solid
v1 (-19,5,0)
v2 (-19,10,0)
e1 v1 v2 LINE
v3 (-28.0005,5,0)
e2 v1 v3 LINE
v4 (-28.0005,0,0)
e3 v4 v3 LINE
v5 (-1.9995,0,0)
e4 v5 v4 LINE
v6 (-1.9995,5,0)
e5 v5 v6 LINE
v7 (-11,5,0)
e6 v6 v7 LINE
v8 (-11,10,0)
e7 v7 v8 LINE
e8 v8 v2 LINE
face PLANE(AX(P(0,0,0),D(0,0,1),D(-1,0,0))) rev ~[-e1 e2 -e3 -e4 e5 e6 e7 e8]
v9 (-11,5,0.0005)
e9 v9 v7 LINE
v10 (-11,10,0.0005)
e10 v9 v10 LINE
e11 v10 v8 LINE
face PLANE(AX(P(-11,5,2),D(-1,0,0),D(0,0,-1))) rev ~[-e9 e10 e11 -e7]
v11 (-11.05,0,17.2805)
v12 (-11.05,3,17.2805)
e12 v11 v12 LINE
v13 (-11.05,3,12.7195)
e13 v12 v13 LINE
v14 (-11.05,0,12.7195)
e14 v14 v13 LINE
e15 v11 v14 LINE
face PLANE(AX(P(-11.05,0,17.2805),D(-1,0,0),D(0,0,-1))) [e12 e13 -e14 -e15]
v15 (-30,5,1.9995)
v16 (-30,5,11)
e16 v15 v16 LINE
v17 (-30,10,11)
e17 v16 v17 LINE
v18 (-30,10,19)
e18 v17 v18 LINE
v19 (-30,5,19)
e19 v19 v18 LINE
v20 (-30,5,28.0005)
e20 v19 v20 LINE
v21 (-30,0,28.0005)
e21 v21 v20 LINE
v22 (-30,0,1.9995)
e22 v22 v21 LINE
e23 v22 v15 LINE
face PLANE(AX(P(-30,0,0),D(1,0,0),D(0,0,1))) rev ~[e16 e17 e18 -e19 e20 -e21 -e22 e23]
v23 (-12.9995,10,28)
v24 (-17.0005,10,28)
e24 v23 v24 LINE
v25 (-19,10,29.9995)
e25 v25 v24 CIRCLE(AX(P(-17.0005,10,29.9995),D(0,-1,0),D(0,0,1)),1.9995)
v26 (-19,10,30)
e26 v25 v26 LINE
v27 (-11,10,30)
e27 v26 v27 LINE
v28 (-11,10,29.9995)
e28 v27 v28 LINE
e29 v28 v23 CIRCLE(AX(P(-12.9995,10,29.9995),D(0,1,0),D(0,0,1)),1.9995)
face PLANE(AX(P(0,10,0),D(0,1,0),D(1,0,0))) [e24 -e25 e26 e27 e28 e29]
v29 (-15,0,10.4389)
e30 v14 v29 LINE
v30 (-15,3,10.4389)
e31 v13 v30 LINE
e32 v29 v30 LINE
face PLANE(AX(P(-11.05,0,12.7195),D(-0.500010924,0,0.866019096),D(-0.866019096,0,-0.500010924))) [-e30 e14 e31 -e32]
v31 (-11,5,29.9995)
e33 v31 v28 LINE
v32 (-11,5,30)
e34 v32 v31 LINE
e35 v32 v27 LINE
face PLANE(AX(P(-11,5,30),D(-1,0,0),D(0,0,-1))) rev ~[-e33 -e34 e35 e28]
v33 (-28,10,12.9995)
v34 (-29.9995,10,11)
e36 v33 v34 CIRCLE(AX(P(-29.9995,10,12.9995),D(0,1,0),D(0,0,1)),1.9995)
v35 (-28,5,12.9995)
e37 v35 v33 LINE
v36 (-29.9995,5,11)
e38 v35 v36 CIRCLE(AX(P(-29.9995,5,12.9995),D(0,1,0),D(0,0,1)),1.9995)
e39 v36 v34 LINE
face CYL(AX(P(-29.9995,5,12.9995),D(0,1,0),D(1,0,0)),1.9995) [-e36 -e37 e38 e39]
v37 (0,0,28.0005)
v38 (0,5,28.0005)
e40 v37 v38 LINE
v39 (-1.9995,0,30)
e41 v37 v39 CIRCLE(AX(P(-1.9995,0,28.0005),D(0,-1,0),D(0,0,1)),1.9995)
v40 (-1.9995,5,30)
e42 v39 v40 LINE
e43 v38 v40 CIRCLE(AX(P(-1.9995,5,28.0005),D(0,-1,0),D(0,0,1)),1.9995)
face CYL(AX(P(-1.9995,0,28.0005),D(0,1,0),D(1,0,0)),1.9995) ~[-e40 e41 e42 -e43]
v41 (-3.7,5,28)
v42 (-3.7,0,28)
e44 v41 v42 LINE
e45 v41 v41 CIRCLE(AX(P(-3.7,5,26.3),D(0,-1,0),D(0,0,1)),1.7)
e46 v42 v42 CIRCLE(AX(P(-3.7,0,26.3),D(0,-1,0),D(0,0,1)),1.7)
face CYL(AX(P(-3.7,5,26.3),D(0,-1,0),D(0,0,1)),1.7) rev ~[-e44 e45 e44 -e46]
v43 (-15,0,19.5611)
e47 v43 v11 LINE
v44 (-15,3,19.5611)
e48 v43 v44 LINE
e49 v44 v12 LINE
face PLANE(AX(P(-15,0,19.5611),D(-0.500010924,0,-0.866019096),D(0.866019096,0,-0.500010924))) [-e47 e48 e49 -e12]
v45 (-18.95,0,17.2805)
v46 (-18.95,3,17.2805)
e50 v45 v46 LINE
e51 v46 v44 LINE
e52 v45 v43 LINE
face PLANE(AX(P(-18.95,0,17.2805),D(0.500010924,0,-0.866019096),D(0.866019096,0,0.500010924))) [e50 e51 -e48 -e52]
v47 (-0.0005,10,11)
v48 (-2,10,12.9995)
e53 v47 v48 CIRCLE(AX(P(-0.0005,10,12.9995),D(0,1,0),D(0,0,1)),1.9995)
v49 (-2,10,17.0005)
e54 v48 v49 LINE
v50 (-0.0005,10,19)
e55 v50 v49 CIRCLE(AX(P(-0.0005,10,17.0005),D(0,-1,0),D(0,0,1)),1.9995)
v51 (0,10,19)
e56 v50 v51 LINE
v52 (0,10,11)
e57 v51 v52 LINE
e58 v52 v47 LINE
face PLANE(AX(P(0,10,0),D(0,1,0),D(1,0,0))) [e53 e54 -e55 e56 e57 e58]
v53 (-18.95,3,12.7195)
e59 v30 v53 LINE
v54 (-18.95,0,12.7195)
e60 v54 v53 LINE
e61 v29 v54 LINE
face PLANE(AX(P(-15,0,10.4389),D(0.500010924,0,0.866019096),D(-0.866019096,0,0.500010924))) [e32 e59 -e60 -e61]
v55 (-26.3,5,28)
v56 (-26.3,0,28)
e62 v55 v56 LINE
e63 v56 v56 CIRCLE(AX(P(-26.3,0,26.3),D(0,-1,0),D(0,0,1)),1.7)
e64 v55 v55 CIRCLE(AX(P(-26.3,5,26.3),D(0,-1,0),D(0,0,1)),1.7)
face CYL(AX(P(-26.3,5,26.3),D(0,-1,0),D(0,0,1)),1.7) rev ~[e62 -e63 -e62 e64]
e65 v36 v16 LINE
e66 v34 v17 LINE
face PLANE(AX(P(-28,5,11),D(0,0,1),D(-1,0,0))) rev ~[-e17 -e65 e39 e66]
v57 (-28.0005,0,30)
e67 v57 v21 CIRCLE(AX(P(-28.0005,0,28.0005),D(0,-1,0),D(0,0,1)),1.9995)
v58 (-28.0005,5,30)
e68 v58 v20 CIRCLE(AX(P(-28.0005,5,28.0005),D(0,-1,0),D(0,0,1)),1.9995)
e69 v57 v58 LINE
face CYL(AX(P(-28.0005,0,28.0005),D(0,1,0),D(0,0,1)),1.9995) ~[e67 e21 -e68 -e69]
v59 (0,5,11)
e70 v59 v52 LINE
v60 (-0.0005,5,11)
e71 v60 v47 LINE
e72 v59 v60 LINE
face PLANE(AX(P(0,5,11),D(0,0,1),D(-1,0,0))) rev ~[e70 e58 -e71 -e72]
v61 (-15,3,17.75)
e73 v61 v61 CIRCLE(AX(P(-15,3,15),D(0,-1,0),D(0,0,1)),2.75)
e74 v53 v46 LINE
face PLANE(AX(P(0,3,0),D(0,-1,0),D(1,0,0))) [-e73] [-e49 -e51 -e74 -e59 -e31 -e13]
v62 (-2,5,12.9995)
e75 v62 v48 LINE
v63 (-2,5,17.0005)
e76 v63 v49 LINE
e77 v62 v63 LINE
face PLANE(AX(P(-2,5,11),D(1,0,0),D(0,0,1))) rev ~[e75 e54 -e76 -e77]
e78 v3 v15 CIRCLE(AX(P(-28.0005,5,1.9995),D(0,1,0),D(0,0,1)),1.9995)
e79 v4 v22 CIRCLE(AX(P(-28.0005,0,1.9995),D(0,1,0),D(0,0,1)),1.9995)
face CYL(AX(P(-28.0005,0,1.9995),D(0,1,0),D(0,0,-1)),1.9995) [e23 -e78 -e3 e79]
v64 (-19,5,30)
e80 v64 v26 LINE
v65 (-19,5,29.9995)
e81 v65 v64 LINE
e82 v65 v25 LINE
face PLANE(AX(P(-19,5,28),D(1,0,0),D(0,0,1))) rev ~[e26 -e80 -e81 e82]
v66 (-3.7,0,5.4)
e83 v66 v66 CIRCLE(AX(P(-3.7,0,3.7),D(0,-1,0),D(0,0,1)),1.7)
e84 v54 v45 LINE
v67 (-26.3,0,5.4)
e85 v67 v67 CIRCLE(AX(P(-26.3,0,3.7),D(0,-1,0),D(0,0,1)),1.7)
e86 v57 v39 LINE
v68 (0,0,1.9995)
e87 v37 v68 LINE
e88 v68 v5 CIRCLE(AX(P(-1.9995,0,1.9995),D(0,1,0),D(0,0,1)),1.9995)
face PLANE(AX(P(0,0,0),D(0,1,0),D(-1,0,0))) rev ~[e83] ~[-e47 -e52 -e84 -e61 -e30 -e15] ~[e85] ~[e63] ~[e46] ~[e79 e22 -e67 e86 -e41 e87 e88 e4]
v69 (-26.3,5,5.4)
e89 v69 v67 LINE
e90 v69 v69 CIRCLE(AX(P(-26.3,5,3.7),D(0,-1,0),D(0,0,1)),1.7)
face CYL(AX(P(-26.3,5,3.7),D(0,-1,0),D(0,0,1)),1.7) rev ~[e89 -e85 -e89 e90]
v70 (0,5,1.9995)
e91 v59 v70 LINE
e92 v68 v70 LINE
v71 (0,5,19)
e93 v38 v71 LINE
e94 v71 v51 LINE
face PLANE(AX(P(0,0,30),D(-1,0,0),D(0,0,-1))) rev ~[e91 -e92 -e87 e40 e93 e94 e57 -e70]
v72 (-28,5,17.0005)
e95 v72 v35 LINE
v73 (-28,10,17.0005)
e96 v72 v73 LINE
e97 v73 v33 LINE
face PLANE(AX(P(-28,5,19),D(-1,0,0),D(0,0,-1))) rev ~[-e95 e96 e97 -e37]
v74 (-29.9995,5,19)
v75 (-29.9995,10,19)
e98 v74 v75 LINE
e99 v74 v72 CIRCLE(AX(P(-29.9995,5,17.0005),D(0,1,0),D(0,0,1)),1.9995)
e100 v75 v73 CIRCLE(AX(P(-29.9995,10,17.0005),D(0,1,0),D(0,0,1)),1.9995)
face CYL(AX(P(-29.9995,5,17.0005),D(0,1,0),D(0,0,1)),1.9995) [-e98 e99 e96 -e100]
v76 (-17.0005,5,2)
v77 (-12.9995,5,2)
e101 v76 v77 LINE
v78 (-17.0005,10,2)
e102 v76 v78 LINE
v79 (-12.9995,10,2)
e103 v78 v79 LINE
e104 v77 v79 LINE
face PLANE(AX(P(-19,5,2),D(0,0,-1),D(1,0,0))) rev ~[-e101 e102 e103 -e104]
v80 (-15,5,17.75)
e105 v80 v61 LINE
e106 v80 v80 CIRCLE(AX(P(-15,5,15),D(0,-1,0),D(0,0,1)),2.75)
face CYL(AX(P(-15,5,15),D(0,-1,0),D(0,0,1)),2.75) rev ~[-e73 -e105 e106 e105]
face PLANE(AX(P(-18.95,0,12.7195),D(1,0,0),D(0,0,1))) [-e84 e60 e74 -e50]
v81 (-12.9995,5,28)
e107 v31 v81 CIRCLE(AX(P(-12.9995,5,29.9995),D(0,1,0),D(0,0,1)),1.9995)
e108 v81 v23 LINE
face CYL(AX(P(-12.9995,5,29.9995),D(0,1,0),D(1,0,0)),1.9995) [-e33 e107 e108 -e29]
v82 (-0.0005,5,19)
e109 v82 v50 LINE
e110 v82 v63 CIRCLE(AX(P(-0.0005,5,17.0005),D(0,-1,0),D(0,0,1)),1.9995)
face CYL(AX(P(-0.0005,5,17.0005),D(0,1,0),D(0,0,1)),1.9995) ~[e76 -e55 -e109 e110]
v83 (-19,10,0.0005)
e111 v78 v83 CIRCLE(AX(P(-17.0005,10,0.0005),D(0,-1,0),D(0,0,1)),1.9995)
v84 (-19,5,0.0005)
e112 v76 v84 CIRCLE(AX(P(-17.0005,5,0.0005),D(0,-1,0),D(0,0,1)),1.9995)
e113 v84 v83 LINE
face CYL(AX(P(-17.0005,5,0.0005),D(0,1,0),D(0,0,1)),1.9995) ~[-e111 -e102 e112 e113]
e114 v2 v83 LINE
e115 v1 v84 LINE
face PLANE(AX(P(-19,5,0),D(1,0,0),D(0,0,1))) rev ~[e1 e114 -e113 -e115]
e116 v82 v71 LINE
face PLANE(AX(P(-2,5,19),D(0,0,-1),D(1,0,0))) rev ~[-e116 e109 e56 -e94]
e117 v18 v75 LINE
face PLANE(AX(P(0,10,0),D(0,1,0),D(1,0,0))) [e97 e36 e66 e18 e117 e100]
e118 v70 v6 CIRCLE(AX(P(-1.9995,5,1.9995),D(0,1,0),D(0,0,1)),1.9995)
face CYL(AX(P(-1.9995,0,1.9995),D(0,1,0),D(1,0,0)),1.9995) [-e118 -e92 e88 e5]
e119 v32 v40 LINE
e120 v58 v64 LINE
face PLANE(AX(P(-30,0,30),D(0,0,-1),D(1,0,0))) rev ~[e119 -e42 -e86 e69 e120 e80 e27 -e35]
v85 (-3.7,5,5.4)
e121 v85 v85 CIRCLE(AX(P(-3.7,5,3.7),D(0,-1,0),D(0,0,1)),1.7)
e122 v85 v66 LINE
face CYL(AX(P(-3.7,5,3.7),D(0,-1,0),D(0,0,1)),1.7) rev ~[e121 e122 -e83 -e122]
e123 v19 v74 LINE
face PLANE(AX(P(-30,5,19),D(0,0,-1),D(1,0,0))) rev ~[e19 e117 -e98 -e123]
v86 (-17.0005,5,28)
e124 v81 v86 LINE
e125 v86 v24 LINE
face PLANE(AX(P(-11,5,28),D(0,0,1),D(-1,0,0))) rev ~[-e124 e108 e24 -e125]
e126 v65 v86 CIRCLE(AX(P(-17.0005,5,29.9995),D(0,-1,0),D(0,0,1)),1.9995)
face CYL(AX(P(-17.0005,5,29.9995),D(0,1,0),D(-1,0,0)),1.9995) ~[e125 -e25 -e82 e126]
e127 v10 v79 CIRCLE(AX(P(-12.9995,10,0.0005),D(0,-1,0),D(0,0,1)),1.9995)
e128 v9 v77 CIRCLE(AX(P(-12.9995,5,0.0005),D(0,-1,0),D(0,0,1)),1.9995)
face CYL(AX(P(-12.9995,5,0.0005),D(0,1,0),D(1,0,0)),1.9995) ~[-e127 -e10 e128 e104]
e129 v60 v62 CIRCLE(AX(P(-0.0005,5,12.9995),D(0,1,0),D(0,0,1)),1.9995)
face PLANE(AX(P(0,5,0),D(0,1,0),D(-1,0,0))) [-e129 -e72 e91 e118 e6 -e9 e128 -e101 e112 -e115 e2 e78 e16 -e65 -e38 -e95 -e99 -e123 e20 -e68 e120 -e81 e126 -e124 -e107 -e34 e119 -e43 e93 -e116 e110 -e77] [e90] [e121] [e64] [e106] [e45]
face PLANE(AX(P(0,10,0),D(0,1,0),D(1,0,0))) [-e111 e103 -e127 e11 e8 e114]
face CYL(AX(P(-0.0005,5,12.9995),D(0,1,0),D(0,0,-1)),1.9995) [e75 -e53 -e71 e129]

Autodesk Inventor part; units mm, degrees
ref_plane "YZ Plane" through (0, 0, 0) normal (1, 0, 0) x (0, 1, 0)
ref_plane "XZ Plane" through (0, 0, 0) normal (0, 1, 0) x (-1, 0, 0)
ref_plane "XY Plane" through (0, 0, 0) normal (0, 0, 1) x (1, 0, 0)
sketch "Skizze1" plane through (0, 0, 0) normal (0, 1, 0) x (-1, 0, 0)
  line L0 (0, 0) -> (30, 0)
  line L1 (30, 0) -> (30, 30)
  line L2 (30, 30) -> (0, 30)
  line L3 (0, 30) -> (0, 0)
  dimension "d0" = 30
  dimension "d1" = 30
extrude "Extrusion1" add sketch "Skizze1" along normal blind 5
sketch "Skizze2" plane through (0, 5, 0) normal (0, 1, 0) x (1, 0, 0)
  line L0 (-30, -19) -> (-28, -19)
  line L1 (-28, -19) -> (-28, -11)
  line L2 (-28, -11) -> (-30, -11)
  line L3 (-30, -11) -> (-30, -19)
  line L4 (-19, -2) -> (-11, -2)
  line L5 (-11, -2) -> (-11, 0)
  line L6 (-11, 0) -> (-19, 0)
  line L7 (-19, 0) -> (-19, -2)
  line L8 (-2, -19) -> (0, -19)
  line L9 (0, -19) -> (0, -11)
  line L10 (0, -11) -> (-2, -11)
  line L11 (-2, -11) -> (-2, -19)
  line L12 (-19, -30) -> (-11, -30)
  line L13 (-11, -30) -> (-11, -28)
  line L14 (-11, -28) -> (-19, -28)
  line L15 (-19, -28) -> (-19, -30)
  line L16 (-30, 0) -> (-30, -30) projected
  line L17 (0, 0) -> (-30, 0) projected
  line L18 (0, -30) -> (0, 0) projected
  line L19 (-30, -30) -> (0, -30) projected
  dimension "d4" = 0
  dimension "d5" = 0
  dimension "d6" = 0
  dimension "d7" = 0
  dimension "d8" = 2
  dimension "d9" = 8
  dimension "d10" = 11
  dimension "d11" = 11
  dimension "d12" = 11
extrude "Extrusion2" add sketch "Skizze2" along normal blind 5 contours L3 L2 L1 L0 | L15 L14 L13 L12 | L6 L5 L4 L7 | L8 L11 L10 L9
sketch "Skizze3" plane through (0, 5, 0) normal (0, 1, 0) x (1, 0, 0)
  line L0 (0, -30) -> (0, -19) projected
  line L1 (-11, -30) -> (0, -30) projected
  line L2 (0, 0) -> (-11, 0) projected
  line L3 (0, -11) -> (0, 0) projected
  line L4 (-30, -19) -> (-30, -30) projected
  line L5 (-30, -30) -> (-19, -30) projected
  line L6 (-30, 0) -> (-30, -11) projected
  line L7 (-19, 0) -> (-30, 0) projected
  point P0 (-26.3, -26.3)
  point P1 (-26.3, -3.7)
  point P2 (-3.7, -3.7)
  point P3 (-3.7, -26.3)
  dimension "d15" = 3.7
  dimension "d16" = 3.7
  dimension "d17" = 3.7
  dimension "d18" = 3.7
  dimension "d19" = 3.7
  dimension "d20" = 3.7
  dimension "d21" = 3.7
  dimension "d22" = 3.7
hole "Bohrung1" at (-26.3, 5, 26.3) at (-26.3, 5, 3.7) at (-3.7, 5, 3.7) at (-3.7, 5, 26.3) direction (0, -1, 0) diameter 3.4 end through all
sketch "Skizze4" plane through (0, 5, 0) normal (0, 1, 0) x (1, 0, 0)
  line L0 (-19, 0) -> (-30, 0) projected
  line L1 (0, -11) -> (0, 0) projected
  point P0 (-15, -15)
  dimension "d30" = 15
  dimension "d31" = 15
hole "Bohrung2" at (-15, 5, 15) direction (0, -1, 0) diameter 5.5 end through all clearance for "Flachkopfsenkschraube DIN EN ISO 2009" size "M5" standard "DIN"
sketch "Skizze6" plane through (0, 0, 0) normal (0, -1, 0) x (1, 0, 0)
  line L0 (0, 0) -> (-30, 0) projected
  line L1 (0, 30) -> (0, 0) projected
  line L2 (-11.05, 17.2805) -> (-11.05, 12.7195)
  line L3 (-11.05, 12.7195) -> (-15, 10.4389)
  line L4 (-15, 10.4389) -> (-18.95, 12.7195)
  line L5 (-18.95, 12.7195) -> (-18.95, 17.2805)
  line L6 (-18.95, 17.2805) -> (-15, 19.5611)
  line L7 (-15, 19.5611) -> (-11.05, 17.2805)
  point P0 (-15, 15)
  point P1 (-15, 15)
  dimension "d41" = 15
  dimension "d42" = 15
  dimension "d43" = 7.9
extrude "Extrusion3" cut sketch "Skizze6" against normal blind 3
fillet "Rundung1" radius 2 12 edges at (-30, 2.5, 0) (0, 2.5, 0) (-30, 2.5, 30) (0, 2.5, 30) (-11, 7.5, 28) (-19, 7.5, 28) (-28, 7.5, 19) (-28, 7.5, 11) (-2, 7.5, 19) (-2, 7.5, 11) (-19, 7.5, 2) (-11, 7.5, 2)
equation "\"d17\" = d16"
equation "\"d18\" = d15"
equation "\"d19\" = d15"
equation "\"d20\" = d16"
equation "\"d21\" = d15"
equation "\"d22\" = d16"
properties part number "feet_screw_adapter"
